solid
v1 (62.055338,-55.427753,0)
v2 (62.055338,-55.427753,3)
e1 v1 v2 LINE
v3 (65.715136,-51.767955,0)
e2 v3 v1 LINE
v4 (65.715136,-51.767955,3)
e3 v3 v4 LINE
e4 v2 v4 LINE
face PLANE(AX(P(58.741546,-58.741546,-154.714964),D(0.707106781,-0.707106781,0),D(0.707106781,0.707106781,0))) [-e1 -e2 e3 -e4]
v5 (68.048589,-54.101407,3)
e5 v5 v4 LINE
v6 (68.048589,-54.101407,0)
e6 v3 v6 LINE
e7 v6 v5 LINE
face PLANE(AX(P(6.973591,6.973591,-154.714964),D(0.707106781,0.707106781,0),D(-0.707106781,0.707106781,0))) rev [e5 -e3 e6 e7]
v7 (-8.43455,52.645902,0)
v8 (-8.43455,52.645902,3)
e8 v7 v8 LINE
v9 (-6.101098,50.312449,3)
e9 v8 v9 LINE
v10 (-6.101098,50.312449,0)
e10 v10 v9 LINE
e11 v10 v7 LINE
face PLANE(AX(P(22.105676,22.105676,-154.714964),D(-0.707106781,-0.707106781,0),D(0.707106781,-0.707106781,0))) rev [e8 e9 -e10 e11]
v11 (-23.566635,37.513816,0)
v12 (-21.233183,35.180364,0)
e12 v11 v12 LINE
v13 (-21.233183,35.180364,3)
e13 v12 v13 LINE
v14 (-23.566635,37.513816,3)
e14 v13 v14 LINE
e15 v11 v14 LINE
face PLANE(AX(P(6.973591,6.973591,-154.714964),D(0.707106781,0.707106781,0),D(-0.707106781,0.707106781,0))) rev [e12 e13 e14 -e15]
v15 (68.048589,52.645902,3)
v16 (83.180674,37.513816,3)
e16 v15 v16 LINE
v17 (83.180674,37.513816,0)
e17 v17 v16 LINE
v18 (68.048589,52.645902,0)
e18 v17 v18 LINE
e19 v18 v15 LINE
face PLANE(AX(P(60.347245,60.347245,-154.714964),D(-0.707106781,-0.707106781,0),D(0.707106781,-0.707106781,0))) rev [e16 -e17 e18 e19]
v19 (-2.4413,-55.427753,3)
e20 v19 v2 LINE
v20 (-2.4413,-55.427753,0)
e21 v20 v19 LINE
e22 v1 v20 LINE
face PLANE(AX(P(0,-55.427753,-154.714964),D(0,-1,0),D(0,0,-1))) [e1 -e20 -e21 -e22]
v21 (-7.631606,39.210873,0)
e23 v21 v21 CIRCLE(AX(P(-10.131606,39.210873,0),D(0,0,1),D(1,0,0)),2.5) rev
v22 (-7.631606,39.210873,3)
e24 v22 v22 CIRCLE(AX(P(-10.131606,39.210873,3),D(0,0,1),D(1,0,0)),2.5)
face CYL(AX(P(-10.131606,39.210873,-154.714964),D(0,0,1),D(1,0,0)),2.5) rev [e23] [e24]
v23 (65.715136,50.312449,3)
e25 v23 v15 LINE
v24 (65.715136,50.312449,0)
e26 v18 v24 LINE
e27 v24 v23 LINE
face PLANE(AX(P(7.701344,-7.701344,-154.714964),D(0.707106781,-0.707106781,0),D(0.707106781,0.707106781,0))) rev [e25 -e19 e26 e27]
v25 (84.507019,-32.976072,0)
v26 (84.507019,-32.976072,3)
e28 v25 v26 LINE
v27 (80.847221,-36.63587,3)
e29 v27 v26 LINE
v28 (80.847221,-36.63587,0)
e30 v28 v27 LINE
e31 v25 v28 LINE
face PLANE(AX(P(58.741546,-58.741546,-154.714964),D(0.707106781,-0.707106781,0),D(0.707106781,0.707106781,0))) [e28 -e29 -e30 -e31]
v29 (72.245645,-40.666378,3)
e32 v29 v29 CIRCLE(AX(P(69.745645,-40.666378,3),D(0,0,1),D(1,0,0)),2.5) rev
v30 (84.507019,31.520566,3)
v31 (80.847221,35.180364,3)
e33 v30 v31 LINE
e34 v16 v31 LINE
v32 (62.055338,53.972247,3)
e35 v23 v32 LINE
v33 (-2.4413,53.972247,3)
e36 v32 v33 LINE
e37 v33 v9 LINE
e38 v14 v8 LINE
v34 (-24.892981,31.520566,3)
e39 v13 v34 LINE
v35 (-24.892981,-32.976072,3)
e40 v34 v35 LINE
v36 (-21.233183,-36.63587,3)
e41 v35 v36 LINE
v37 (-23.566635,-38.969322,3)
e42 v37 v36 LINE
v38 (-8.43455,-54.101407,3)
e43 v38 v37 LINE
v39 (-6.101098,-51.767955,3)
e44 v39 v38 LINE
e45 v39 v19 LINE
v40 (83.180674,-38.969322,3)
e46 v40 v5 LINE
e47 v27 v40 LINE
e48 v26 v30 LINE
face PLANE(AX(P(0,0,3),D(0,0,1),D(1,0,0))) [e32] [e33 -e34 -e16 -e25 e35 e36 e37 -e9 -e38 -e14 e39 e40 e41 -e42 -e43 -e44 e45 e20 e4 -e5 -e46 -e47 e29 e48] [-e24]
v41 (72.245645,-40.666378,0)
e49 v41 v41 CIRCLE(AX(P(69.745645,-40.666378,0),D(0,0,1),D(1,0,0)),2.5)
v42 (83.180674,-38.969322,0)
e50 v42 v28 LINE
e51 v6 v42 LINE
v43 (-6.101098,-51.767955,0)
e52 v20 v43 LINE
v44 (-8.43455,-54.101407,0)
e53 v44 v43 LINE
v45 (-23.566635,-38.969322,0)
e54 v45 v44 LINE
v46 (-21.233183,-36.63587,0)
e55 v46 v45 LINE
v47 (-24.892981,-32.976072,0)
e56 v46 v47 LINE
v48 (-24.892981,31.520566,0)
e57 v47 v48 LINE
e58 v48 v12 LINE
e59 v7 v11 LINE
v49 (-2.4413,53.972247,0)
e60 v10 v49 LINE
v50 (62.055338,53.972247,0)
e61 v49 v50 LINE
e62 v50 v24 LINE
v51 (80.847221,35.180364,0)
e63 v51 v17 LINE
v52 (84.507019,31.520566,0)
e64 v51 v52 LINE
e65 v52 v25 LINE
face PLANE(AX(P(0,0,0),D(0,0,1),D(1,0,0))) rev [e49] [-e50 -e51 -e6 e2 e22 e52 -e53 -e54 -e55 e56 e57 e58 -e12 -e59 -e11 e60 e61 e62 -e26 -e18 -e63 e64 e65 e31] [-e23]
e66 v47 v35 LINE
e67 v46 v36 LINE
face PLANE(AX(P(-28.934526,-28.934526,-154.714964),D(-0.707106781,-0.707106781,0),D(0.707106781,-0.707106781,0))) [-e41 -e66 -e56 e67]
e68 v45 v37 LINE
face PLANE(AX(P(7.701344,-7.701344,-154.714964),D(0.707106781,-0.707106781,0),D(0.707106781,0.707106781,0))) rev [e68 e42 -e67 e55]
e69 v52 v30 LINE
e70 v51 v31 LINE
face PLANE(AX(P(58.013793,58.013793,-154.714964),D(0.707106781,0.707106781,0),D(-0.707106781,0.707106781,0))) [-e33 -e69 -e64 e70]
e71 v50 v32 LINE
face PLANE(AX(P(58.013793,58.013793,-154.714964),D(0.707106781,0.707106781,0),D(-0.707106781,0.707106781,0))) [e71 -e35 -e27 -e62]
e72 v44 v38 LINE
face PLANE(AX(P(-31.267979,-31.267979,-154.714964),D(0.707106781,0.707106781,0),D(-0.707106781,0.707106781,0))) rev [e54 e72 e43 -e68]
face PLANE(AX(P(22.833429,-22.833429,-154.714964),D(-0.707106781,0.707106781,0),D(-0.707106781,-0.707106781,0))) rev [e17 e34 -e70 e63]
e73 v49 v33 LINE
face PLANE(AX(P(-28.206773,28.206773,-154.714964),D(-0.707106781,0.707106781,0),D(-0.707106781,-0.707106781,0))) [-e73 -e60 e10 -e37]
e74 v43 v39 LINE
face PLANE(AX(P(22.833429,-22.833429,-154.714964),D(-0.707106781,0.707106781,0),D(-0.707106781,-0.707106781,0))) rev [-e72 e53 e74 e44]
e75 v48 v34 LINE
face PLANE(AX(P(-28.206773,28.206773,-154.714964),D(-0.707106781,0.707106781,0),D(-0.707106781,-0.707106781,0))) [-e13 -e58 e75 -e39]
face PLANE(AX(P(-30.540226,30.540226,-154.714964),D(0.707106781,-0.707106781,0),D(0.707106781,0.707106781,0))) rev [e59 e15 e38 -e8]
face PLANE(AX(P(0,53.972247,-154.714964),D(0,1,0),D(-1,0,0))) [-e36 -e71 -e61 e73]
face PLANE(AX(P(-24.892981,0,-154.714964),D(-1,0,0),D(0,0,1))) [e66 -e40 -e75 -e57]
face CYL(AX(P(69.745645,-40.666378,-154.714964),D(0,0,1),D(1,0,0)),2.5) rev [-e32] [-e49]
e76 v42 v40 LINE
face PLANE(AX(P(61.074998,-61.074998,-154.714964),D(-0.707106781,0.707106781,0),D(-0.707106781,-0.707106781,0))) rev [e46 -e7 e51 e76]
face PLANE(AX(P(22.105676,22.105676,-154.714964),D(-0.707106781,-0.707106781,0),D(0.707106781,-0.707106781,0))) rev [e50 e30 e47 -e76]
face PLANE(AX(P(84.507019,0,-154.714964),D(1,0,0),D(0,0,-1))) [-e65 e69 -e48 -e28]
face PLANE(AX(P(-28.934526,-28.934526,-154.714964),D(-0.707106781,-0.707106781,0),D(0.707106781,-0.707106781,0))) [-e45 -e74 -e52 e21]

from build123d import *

# Parameters (mm, degrees)
ESQUISSE1_R        = 2.5
BOSS_EXTRU_1_DEPTH = 3


with BuildPart() as part:
    # Esquisse1 → Boss.-Extru.1 (new body)
    with BuildSketch(Plane.XY.offset(3)):
        Polygon((83.180673727, 37.513816477), (68.04858861, 52.645901594), (65.715136232, 50.312449216), (62.055338257, 53.972247191), (-2.441299609, 53.972247191), (-6.101097584, 50.312449216), (-8.434549962, 52.645901594), (-23.566635079, 37.513816477), (-21.233182701, 35.180364099), (-24.892980676, 31.520566124), (-24.892980676, -32.976071742), (-21.233182701, -36.635869717), (-23.566635079, -38.969322095), (-8.434549962, -54.101407212), (-6.101097584, -51.767954834), (-2.441299609, -55.427752809), (62.055338257, -55.427752809), (65.715136232, -51.767954834), (68.04858861, -54.101407212), (83.180673727, -38.969322095), (80.847221349, -36.635869717), (84.507019324, -32.976071742), (84.507019324, 31.520566124), (80.847221349, 35.180364099), align=None)
        with Locations((-10.131606237, 39.210872752)):
            Circle(ESQUISSE1_R, mode=Mode.SUBTRACT)
        with Locations((69.745644885, -40.66637837)):
            Circle(ESQUISSE1_R, mode=Mode.SUBTRACT)
    extrude(amount=-BOSS_EXTRU_1_DEPTH)


solid = part.part
